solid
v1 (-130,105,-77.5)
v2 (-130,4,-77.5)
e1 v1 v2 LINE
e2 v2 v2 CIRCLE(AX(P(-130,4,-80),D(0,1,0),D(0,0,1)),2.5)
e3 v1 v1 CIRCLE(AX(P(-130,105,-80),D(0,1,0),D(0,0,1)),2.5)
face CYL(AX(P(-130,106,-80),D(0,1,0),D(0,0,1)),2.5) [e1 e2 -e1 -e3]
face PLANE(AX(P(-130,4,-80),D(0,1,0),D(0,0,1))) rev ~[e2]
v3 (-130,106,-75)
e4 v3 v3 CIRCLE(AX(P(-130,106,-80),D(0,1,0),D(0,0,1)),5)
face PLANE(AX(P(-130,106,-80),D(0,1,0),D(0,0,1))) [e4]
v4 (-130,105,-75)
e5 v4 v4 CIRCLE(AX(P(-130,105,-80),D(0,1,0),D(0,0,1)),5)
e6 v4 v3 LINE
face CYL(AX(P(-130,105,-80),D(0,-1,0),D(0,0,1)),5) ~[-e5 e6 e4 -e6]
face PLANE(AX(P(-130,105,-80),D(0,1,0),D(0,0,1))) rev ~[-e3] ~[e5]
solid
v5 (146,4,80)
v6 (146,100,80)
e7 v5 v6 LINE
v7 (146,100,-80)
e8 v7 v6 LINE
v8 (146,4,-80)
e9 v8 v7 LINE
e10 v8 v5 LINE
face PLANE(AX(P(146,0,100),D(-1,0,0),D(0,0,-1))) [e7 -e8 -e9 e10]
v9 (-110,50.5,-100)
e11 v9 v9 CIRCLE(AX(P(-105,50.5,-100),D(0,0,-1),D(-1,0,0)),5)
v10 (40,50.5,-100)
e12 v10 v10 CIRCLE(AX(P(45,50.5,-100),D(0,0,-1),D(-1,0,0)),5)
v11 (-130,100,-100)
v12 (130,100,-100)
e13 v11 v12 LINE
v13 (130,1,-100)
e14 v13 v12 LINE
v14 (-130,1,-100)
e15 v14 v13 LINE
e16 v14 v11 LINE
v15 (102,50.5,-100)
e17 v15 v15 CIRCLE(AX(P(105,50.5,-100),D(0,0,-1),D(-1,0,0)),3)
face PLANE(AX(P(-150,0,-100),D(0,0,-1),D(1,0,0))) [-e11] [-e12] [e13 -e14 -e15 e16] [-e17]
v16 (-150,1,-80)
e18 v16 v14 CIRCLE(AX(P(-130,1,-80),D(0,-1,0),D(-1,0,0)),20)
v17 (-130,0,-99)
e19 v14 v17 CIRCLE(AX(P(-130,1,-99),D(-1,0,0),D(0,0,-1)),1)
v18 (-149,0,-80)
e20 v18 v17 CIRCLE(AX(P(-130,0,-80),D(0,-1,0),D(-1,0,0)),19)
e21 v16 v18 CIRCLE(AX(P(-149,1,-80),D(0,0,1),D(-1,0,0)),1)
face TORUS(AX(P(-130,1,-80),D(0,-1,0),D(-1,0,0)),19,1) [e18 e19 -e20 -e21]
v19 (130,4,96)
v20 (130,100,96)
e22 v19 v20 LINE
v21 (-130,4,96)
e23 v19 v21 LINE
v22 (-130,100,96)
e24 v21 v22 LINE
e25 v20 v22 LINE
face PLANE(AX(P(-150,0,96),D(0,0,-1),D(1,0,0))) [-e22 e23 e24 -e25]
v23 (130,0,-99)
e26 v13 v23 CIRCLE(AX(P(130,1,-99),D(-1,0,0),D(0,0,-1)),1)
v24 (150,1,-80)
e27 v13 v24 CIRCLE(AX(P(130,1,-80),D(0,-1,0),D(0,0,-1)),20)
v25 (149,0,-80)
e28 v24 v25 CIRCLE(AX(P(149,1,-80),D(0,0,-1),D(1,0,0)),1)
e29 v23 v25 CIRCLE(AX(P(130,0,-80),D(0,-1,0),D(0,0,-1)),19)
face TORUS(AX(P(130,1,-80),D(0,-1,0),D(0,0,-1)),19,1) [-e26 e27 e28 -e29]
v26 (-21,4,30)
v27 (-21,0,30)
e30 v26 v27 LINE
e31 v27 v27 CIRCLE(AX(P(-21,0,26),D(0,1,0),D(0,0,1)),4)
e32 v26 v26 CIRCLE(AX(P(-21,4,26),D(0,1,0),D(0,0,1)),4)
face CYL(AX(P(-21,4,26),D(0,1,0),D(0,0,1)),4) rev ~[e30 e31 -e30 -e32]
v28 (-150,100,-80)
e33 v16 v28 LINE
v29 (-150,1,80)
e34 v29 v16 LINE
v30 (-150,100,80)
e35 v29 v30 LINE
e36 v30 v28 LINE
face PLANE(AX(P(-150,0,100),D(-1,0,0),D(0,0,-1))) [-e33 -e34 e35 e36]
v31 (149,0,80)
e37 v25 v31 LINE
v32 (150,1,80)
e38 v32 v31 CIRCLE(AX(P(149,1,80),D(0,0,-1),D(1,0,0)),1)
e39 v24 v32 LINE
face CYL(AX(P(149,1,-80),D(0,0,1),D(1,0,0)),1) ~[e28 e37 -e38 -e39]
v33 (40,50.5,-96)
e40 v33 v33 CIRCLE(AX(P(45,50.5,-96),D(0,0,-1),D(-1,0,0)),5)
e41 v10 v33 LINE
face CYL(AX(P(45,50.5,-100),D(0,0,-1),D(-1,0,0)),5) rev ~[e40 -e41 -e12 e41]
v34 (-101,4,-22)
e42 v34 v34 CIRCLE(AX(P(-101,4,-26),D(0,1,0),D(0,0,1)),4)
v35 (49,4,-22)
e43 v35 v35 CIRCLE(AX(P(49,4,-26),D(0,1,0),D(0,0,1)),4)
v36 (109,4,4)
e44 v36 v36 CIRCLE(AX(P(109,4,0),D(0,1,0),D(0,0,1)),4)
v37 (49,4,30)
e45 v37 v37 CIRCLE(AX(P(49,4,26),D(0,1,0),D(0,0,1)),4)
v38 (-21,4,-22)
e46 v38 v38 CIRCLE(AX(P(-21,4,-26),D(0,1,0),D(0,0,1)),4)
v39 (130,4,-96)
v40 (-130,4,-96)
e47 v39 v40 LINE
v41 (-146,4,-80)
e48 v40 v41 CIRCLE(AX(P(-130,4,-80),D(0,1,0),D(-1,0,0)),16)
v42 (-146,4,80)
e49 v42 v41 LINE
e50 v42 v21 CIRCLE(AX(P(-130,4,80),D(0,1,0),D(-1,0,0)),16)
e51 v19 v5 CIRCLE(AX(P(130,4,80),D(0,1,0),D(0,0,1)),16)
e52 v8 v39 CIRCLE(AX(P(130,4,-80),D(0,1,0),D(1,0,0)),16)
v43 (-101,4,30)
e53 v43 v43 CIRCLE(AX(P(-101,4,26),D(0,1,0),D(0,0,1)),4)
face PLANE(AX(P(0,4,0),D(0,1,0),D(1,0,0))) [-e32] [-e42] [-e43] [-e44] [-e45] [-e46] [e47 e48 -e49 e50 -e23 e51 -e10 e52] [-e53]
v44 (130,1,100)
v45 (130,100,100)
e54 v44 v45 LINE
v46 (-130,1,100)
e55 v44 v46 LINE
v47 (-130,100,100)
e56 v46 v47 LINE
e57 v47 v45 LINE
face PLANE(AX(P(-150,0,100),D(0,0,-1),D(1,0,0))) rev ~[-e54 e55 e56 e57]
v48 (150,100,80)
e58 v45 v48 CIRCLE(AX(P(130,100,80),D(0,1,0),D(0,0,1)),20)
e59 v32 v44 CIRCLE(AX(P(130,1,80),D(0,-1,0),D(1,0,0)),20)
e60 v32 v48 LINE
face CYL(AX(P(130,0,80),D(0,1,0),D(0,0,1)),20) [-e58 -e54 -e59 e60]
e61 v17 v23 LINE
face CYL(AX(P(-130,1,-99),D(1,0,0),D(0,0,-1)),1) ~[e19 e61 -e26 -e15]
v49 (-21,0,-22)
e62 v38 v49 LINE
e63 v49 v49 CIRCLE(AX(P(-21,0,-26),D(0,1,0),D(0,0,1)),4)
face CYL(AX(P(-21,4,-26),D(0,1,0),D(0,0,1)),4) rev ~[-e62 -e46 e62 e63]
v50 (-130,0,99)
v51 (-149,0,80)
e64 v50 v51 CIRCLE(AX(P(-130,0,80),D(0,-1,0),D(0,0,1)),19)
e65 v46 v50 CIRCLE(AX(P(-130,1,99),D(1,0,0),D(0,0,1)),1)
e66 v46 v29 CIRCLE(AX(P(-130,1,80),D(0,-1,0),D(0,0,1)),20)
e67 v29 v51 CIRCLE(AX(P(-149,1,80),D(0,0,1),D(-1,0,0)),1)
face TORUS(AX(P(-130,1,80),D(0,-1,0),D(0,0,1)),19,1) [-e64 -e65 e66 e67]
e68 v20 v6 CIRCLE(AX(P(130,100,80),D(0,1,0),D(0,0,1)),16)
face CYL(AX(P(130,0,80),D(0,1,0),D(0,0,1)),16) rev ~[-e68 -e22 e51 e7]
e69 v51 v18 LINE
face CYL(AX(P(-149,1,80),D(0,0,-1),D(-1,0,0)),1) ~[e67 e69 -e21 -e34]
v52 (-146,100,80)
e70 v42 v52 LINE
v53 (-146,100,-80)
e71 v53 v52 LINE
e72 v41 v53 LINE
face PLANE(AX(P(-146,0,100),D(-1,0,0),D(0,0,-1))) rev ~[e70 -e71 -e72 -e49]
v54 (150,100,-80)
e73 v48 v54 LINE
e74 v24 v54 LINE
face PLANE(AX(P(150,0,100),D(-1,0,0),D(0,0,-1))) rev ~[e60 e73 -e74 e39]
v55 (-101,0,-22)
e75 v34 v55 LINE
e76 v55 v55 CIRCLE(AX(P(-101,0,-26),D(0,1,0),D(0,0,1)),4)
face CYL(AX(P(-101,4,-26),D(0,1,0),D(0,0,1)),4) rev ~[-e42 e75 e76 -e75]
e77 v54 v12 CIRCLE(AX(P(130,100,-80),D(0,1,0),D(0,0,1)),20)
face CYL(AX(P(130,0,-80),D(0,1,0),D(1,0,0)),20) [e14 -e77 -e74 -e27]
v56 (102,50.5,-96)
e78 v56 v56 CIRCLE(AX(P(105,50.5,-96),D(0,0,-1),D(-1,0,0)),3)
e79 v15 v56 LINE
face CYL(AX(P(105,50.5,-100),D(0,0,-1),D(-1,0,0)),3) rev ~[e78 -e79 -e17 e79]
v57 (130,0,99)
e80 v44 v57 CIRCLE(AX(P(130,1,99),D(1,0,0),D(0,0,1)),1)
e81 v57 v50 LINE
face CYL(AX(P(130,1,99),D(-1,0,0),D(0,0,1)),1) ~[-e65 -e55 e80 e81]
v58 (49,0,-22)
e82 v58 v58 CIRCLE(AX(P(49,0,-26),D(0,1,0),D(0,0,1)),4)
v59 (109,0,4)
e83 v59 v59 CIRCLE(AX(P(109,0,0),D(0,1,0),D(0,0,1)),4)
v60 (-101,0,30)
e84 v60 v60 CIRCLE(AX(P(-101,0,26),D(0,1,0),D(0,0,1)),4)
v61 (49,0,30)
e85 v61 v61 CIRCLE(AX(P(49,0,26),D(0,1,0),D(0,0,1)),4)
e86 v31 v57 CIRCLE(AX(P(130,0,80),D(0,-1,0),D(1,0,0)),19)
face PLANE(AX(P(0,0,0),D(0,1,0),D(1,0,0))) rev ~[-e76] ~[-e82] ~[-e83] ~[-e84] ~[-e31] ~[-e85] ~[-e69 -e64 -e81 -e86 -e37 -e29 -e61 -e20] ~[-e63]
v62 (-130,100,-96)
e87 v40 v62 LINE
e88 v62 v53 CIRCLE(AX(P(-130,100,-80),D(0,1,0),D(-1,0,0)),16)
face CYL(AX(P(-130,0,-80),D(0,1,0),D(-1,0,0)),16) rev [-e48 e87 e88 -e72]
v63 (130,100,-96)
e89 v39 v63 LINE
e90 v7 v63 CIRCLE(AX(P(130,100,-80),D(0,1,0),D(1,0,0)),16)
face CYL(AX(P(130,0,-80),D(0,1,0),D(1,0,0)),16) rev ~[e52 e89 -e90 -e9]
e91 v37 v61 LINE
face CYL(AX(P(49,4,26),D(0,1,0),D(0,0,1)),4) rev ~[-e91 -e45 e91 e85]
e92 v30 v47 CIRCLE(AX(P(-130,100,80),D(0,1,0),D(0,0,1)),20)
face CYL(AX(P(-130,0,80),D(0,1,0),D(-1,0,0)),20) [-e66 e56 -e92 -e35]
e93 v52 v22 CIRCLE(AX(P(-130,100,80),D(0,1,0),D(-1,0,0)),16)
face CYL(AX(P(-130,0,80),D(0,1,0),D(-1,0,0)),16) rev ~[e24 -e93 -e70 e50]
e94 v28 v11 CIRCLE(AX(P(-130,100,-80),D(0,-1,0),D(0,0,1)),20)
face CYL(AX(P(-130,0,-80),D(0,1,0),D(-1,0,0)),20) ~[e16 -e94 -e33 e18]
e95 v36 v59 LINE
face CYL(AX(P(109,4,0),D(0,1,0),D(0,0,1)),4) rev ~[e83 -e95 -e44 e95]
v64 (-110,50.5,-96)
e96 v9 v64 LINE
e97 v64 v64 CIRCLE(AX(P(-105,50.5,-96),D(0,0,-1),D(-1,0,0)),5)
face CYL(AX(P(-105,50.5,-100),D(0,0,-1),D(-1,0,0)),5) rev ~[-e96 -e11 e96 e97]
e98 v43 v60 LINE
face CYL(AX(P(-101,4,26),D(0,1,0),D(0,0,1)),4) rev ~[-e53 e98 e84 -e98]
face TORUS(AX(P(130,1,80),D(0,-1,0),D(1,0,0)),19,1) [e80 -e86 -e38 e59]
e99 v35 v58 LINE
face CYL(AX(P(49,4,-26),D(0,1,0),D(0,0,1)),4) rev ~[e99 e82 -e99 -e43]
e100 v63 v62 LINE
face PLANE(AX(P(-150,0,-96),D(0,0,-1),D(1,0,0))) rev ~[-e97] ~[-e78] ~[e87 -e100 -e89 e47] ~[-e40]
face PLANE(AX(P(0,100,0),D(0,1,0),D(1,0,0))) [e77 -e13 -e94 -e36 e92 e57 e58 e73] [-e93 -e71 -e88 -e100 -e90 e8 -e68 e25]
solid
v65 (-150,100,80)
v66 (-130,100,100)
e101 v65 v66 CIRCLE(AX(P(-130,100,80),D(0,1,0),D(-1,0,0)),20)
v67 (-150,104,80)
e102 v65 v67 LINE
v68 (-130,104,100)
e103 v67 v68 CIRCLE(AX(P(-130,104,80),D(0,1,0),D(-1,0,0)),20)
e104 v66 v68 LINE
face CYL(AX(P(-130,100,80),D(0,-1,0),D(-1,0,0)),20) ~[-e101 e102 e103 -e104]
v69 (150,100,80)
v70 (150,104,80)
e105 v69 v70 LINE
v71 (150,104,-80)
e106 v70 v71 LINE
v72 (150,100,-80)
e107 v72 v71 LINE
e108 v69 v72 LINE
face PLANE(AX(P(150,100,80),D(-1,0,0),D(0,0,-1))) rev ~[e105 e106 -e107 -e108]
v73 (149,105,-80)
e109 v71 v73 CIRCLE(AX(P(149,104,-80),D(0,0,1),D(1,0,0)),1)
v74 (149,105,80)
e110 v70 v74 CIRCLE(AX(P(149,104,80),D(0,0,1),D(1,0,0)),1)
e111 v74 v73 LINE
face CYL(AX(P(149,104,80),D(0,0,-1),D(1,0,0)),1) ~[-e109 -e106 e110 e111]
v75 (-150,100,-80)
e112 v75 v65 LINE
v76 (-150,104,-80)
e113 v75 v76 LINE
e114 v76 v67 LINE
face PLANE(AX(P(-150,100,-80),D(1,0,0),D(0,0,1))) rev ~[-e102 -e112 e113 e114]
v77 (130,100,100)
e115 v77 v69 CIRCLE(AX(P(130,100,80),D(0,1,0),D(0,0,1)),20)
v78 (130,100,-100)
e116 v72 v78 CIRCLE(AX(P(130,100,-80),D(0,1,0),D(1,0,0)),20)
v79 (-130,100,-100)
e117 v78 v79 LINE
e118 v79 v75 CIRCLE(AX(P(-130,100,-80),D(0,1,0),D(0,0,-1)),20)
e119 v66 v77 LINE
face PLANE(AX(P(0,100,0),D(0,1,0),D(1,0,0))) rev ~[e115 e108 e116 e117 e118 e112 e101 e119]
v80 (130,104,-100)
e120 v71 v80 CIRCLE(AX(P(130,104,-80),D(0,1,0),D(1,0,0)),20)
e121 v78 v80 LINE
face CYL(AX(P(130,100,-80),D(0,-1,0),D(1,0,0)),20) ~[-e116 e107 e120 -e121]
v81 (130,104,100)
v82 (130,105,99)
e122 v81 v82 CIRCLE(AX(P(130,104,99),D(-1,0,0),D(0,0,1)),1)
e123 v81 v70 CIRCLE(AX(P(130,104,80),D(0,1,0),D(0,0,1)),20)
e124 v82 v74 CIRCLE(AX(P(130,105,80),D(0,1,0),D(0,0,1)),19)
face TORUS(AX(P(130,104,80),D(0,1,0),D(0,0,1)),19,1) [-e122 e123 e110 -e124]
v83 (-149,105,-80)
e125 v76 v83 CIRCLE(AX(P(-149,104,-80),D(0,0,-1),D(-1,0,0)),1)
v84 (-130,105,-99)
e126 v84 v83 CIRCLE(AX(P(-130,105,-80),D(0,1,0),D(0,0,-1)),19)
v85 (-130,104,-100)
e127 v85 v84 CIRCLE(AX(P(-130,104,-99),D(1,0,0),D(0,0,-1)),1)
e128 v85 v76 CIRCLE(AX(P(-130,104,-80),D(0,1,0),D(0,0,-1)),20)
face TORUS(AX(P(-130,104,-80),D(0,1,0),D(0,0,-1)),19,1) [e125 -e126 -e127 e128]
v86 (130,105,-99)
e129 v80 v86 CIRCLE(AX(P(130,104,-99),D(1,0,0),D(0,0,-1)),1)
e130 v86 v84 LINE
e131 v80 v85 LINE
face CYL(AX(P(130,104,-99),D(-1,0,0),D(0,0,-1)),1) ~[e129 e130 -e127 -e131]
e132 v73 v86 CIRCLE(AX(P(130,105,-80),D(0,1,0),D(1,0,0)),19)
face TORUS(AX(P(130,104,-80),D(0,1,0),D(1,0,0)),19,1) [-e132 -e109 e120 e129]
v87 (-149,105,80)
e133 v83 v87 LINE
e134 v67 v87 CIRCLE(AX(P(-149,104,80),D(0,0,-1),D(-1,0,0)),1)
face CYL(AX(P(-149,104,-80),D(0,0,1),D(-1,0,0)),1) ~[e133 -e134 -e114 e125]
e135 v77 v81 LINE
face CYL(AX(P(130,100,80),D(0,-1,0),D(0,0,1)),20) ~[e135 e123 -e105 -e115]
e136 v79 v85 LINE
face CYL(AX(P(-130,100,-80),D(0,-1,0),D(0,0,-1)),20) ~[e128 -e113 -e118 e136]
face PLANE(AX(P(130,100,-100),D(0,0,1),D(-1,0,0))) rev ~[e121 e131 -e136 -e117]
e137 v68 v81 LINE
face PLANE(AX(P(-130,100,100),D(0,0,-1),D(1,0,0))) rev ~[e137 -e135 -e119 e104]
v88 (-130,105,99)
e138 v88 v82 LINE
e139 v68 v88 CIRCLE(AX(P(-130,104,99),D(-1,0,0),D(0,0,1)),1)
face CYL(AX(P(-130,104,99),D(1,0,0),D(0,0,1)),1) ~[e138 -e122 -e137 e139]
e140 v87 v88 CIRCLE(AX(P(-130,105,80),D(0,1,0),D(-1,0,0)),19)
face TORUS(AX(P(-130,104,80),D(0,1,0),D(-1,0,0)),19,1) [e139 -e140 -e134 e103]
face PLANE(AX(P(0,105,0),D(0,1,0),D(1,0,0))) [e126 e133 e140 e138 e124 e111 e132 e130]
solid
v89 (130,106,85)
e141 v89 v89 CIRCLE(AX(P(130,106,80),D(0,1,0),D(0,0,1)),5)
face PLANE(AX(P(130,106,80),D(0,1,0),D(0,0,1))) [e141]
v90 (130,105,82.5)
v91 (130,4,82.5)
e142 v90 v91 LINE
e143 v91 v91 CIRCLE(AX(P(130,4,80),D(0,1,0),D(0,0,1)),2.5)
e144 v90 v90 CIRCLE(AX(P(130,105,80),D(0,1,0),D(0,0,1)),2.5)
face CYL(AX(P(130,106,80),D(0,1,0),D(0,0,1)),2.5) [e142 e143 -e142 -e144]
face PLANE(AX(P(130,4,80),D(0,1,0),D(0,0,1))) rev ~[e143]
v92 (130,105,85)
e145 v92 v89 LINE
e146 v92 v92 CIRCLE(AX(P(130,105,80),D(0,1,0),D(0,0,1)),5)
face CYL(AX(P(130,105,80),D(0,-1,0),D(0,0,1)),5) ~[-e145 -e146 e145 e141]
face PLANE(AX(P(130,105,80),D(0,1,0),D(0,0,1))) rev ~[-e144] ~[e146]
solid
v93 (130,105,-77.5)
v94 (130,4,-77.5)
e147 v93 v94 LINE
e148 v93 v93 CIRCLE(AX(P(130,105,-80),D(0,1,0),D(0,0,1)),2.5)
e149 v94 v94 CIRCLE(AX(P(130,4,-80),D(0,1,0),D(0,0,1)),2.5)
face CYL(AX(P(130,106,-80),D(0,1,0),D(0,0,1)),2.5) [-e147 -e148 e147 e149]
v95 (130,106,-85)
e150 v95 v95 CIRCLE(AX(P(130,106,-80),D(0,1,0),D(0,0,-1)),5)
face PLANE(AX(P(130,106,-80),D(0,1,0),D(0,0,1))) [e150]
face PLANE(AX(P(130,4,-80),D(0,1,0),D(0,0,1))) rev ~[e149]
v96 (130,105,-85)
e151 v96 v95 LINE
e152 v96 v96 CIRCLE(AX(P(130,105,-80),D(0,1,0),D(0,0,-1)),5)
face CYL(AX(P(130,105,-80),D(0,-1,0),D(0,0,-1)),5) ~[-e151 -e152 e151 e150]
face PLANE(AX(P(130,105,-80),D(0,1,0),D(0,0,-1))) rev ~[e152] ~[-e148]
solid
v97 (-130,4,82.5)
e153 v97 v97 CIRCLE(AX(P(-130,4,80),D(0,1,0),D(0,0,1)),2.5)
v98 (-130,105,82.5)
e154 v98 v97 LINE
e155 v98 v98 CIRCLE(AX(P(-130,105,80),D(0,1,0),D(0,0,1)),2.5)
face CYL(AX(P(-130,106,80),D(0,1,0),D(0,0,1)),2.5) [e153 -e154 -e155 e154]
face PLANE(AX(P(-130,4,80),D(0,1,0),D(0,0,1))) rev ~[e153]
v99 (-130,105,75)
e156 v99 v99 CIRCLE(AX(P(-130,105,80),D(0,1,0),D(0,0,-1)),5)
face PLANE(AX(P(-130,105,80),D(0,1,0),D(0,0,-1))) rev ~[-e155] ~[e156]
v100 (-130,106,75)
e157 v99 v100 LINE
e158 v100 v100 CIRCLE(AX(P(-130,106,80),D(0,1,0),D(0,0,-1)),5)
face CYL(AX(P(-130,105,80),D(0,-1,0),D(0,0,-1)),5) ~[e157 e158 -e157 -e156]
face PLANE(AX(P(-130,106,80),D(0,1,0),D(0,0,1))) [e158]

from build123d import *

# Parameters (mm, degrees)
CROQUIS1_W            = 300
CROQUIS1_H            = 200
EXTRUIR1_DEPTH        = 100
REDONDEO1_R           = 20
VACIADO1_T            = -4
EXTRUIR2_DEPTH        = 5
REDONDEO2_R           = 1
CROQUIS3_R            = 5
EXTRUIR3_DEPTH        = 1
EXTRUIR3_2_DEPTH      = 1
EXTRUIR3_3_DEPTH      = 1
EXTRUIR3_4_DEPTH      = 1
CROQUIS4_R            = 2.5
EXTRUIR4_DEPTH        = 102
CROQUIS5_R            = 4
CORTAR_EXTRUIR1_DEPTH = 10
REDONDEO3_R           = 1
CROQUIS6_R            = 5
CROQUIS6_R_2          = 3
EXTRUIR5_DEPTH        = 10


with BuildPart() as part:
    # Croquis1 → Extruir1 (new body)
    with BuildSketch(Plane(origin=(0, 0, 0), x_dir=(1, 0, 0), z_dir=(0, 1, 0))):
        Rectangle(CROQUIS1_W, CROQUIS1_H)
    extrude(amount=EXTRUIR1_DEPTH)

    # Redondeo1
    redondeo1_edges = [part.edges().sort_by_distance(p)[0] for p in [
        (-150, 50, -100),
        (150, 50, -100),
        (150, 50, 100),
        (-150, 50, 100),
    ]]
    fillet(redondeo1_edges, radius=REDONDEO1_R)

    # Vaciado1
    vaciado1_openings = [part.faces().sort_by_distance(p)[0] for p in [
        (0, 100, 0),
    ]]
    offset(amount=VACIADO1_T, openings=vaciado1_openings, kind=Kind.INTERSECTION)

    # Croquis5 → Cortar-Extruir1 (cut)
    with BuildSketch(Plane(origin=(0, 4, 0), x_dir=(1, 0, 0), z_dir=(0, 1, 0))):
        with Locations(Location((-101, 26, 0), (0, 0, 270))):
            Circle(CROQUIS5_R)
        with Locations(Location((-101, -26, 0), (0, 0, 270))):
            Circle(CROQUIS5_R)
        with Locations(Location((-21, 26, 0), (0, 0, 270))):
            Circle(CROQUIS5_R)
        with Locations(Location((-21, -26, 0), (0, 0, 270))):
            Circle(CROQUIS5_R)
        with Locations(Location((49, 26, 0), (0, 0, 270))):
            Circle(CROQUIS5_R)
        with Locations(Location((49, -26, 0), (0, 0, 270))):
            Circle(CROQUIS5_R)
        with Locations(Location((109, 0, 0), (0, 0, 270))):
            Circle(CROQUIS5_R)
    extrude(amount=-CORTAR_EXTRUIR1_DEPTH, mode=Mode.SUBTRACT)

    # Redondeo3
    redondeo3_edges = [part.edges().sort_by_distance(p)[0] for p in [
        (-150, 0, 0),
        (0, 0, -100),
        (150, 0, 0),
        (0, 0, 100),
        (-144.142135624, 0, 94.142135624),
        (144.142135624, 0, 94.142135624),
        (144.142135624, 0, -94.142135624),
        (-144.142135624, 0, -94.142135624),
    ]]
    fillet(redondeo3_edges, radius=REDONDEO3_R)

    # Croquis6 → Extruir5 (cut)
    with BuildSketch(Plane(origin=(0, 0, -100), x_dir=(-1, 0, 0), z_dir=(0, 0, -1))):
        with Locations((105, 50.5)):
            Circle(CROQUIS6_R)
        with Locations((-45, 50.5)):
            Circle(CROQUIS6_R)
        with Locations((-105, 50.5)):
            Circle(CROQUIS6_R_2)
    extrude(amount=-EXTRUIR5_DEPTH, mode=Mode.SUBTRACT)


with BuildPart() as body_2:
    # Croquis2 → Extruir2 (new body)
    with BuildSketch(Plane(origin=(0, 100, 0), x_dir=(1, 0, 0), z_dir=(0, 1, 0))):
        with BuildLine():
            Line((130, 100), (-130, 100))
            ThreePointArc((-130, 100), (-144.142135624, 94.142135624), (-150, 80))
            Line((-150, 80), (-150, -80))
            ThreePointArc((-150, -80), (-144.142135624, -94.142135624), (-130, -100))
            Line((-130, -100), (130, -100))
            ThreePointArc((130, -100), (144.142135624, -94.142135624), (150, -80))
            Line((150, -80), (150, 80))
            ThreePointArc((150, 80), (144.142135624, 94.142135624), (130, 100))
        make_face()
    extrude(amount=EXTRUIR2_DEPTH)

    # Redondeo2
    redondeo2_edges = [body_2.edges().sort_by_distance(p)[0] for p in [
        (-144.142135624, 105, -94.142135624),
        (-150, 105, 0),
        (-144.142135624, 105, 94.142135624),
        (0, 105, 100),
        (144.142135624, 105, 94.142135624),
        (150, 105, 0),
        (144.142135624, 105, -94.142135624),
        (0, 105, -100),
    ]]
    fillet(redondeo2_edges, radius=REDONDEO2_R)


with BuildPart() as body_3:
    # Croquis3 → Extruir3 (new body)
    with BuildSketch(Plane(origin=(0, 105, 0), x_dir=(1, 0, 0), z_dir=(0, 1, 0))):
        with Locations(Location((-130, 80, 0), (0, 0, 270))):
            Circle(CROQUIS3_R)
    extrude(amount=EXTRUIR3_DEPTH)


with BuildPart() as body_4:
    # Croquis3 → Extruir3 2 (new body)
    with BuildSketch(Plane(origin=(0, 105, 0), x_dir=(1, 0, 0), z_dir=(0, 1, 0))):
        with Locations(Location((130, 80, 0), (0, 0, 90))):
            Circle(CROQUIS3_R)
    extrude(amount=EXTRUIR3_2_DEPTH)


with BuildPart() as body_5:
    # Croquis3 → Extruir3 3 (new body)
    with BuildSketch(Plane(origin=(0, 105, 0), x_dir=(1, 0, 0), z_dir=(0, 1, 0))):
        with Locations(Location((130, -80, 0), (0, 0, 270))):
            Circle(CROQUIS3_R)
    extrude(amount=EXTRUIR3_3_DEPTH)


with BuildPart() as body_6:
    # Croquis3 → Extruir3 4 (new body)
    with BuildSketch(Plane(origin=(0, 105, 0), x_dir=(1, 0, 0), z_dir=(0, 1, 0))):
        with Locations(Location((-130, -80, 0), (0, 0, 90))):
            Circle(CROQUIS3_R)
    extrude(amount=EXTRUIR3_4_DEPTH)


    add(body_5.part)  # Extruir4 merges body 5

    add(body_3.part)  # Extruir4 merges body 3

    add(body_4.part)  # Extruir4 merges body 4
    # Croquis4 → Extruir4 (add)
    with BuildSketch(Plane(origin=(0, 106, 0), x_dir=(1, 0, 0), z_dir=(0, 1, 0))):
        with Locations(Location((-130, 80, 0), (0, 0, 270))):
            Circle(CROQUIS4_R)
        with Locations(Location((130, 80, 0), (0, 0, 270))):
            Circle(CROQUIS4_R)
        with Locations(Location((130, -80, 0), (0, 0, 270))):
            Circle(CROQUIS4_R)
        with Locations(Location((-130, -80, 0), (0, 0, 270))):
            Circle(CROQUIS4_R)
    extrude(amount=-EXTRUIR4_DEPTH)


solid = Compound([part.part, body_2.part, body_6.part])
